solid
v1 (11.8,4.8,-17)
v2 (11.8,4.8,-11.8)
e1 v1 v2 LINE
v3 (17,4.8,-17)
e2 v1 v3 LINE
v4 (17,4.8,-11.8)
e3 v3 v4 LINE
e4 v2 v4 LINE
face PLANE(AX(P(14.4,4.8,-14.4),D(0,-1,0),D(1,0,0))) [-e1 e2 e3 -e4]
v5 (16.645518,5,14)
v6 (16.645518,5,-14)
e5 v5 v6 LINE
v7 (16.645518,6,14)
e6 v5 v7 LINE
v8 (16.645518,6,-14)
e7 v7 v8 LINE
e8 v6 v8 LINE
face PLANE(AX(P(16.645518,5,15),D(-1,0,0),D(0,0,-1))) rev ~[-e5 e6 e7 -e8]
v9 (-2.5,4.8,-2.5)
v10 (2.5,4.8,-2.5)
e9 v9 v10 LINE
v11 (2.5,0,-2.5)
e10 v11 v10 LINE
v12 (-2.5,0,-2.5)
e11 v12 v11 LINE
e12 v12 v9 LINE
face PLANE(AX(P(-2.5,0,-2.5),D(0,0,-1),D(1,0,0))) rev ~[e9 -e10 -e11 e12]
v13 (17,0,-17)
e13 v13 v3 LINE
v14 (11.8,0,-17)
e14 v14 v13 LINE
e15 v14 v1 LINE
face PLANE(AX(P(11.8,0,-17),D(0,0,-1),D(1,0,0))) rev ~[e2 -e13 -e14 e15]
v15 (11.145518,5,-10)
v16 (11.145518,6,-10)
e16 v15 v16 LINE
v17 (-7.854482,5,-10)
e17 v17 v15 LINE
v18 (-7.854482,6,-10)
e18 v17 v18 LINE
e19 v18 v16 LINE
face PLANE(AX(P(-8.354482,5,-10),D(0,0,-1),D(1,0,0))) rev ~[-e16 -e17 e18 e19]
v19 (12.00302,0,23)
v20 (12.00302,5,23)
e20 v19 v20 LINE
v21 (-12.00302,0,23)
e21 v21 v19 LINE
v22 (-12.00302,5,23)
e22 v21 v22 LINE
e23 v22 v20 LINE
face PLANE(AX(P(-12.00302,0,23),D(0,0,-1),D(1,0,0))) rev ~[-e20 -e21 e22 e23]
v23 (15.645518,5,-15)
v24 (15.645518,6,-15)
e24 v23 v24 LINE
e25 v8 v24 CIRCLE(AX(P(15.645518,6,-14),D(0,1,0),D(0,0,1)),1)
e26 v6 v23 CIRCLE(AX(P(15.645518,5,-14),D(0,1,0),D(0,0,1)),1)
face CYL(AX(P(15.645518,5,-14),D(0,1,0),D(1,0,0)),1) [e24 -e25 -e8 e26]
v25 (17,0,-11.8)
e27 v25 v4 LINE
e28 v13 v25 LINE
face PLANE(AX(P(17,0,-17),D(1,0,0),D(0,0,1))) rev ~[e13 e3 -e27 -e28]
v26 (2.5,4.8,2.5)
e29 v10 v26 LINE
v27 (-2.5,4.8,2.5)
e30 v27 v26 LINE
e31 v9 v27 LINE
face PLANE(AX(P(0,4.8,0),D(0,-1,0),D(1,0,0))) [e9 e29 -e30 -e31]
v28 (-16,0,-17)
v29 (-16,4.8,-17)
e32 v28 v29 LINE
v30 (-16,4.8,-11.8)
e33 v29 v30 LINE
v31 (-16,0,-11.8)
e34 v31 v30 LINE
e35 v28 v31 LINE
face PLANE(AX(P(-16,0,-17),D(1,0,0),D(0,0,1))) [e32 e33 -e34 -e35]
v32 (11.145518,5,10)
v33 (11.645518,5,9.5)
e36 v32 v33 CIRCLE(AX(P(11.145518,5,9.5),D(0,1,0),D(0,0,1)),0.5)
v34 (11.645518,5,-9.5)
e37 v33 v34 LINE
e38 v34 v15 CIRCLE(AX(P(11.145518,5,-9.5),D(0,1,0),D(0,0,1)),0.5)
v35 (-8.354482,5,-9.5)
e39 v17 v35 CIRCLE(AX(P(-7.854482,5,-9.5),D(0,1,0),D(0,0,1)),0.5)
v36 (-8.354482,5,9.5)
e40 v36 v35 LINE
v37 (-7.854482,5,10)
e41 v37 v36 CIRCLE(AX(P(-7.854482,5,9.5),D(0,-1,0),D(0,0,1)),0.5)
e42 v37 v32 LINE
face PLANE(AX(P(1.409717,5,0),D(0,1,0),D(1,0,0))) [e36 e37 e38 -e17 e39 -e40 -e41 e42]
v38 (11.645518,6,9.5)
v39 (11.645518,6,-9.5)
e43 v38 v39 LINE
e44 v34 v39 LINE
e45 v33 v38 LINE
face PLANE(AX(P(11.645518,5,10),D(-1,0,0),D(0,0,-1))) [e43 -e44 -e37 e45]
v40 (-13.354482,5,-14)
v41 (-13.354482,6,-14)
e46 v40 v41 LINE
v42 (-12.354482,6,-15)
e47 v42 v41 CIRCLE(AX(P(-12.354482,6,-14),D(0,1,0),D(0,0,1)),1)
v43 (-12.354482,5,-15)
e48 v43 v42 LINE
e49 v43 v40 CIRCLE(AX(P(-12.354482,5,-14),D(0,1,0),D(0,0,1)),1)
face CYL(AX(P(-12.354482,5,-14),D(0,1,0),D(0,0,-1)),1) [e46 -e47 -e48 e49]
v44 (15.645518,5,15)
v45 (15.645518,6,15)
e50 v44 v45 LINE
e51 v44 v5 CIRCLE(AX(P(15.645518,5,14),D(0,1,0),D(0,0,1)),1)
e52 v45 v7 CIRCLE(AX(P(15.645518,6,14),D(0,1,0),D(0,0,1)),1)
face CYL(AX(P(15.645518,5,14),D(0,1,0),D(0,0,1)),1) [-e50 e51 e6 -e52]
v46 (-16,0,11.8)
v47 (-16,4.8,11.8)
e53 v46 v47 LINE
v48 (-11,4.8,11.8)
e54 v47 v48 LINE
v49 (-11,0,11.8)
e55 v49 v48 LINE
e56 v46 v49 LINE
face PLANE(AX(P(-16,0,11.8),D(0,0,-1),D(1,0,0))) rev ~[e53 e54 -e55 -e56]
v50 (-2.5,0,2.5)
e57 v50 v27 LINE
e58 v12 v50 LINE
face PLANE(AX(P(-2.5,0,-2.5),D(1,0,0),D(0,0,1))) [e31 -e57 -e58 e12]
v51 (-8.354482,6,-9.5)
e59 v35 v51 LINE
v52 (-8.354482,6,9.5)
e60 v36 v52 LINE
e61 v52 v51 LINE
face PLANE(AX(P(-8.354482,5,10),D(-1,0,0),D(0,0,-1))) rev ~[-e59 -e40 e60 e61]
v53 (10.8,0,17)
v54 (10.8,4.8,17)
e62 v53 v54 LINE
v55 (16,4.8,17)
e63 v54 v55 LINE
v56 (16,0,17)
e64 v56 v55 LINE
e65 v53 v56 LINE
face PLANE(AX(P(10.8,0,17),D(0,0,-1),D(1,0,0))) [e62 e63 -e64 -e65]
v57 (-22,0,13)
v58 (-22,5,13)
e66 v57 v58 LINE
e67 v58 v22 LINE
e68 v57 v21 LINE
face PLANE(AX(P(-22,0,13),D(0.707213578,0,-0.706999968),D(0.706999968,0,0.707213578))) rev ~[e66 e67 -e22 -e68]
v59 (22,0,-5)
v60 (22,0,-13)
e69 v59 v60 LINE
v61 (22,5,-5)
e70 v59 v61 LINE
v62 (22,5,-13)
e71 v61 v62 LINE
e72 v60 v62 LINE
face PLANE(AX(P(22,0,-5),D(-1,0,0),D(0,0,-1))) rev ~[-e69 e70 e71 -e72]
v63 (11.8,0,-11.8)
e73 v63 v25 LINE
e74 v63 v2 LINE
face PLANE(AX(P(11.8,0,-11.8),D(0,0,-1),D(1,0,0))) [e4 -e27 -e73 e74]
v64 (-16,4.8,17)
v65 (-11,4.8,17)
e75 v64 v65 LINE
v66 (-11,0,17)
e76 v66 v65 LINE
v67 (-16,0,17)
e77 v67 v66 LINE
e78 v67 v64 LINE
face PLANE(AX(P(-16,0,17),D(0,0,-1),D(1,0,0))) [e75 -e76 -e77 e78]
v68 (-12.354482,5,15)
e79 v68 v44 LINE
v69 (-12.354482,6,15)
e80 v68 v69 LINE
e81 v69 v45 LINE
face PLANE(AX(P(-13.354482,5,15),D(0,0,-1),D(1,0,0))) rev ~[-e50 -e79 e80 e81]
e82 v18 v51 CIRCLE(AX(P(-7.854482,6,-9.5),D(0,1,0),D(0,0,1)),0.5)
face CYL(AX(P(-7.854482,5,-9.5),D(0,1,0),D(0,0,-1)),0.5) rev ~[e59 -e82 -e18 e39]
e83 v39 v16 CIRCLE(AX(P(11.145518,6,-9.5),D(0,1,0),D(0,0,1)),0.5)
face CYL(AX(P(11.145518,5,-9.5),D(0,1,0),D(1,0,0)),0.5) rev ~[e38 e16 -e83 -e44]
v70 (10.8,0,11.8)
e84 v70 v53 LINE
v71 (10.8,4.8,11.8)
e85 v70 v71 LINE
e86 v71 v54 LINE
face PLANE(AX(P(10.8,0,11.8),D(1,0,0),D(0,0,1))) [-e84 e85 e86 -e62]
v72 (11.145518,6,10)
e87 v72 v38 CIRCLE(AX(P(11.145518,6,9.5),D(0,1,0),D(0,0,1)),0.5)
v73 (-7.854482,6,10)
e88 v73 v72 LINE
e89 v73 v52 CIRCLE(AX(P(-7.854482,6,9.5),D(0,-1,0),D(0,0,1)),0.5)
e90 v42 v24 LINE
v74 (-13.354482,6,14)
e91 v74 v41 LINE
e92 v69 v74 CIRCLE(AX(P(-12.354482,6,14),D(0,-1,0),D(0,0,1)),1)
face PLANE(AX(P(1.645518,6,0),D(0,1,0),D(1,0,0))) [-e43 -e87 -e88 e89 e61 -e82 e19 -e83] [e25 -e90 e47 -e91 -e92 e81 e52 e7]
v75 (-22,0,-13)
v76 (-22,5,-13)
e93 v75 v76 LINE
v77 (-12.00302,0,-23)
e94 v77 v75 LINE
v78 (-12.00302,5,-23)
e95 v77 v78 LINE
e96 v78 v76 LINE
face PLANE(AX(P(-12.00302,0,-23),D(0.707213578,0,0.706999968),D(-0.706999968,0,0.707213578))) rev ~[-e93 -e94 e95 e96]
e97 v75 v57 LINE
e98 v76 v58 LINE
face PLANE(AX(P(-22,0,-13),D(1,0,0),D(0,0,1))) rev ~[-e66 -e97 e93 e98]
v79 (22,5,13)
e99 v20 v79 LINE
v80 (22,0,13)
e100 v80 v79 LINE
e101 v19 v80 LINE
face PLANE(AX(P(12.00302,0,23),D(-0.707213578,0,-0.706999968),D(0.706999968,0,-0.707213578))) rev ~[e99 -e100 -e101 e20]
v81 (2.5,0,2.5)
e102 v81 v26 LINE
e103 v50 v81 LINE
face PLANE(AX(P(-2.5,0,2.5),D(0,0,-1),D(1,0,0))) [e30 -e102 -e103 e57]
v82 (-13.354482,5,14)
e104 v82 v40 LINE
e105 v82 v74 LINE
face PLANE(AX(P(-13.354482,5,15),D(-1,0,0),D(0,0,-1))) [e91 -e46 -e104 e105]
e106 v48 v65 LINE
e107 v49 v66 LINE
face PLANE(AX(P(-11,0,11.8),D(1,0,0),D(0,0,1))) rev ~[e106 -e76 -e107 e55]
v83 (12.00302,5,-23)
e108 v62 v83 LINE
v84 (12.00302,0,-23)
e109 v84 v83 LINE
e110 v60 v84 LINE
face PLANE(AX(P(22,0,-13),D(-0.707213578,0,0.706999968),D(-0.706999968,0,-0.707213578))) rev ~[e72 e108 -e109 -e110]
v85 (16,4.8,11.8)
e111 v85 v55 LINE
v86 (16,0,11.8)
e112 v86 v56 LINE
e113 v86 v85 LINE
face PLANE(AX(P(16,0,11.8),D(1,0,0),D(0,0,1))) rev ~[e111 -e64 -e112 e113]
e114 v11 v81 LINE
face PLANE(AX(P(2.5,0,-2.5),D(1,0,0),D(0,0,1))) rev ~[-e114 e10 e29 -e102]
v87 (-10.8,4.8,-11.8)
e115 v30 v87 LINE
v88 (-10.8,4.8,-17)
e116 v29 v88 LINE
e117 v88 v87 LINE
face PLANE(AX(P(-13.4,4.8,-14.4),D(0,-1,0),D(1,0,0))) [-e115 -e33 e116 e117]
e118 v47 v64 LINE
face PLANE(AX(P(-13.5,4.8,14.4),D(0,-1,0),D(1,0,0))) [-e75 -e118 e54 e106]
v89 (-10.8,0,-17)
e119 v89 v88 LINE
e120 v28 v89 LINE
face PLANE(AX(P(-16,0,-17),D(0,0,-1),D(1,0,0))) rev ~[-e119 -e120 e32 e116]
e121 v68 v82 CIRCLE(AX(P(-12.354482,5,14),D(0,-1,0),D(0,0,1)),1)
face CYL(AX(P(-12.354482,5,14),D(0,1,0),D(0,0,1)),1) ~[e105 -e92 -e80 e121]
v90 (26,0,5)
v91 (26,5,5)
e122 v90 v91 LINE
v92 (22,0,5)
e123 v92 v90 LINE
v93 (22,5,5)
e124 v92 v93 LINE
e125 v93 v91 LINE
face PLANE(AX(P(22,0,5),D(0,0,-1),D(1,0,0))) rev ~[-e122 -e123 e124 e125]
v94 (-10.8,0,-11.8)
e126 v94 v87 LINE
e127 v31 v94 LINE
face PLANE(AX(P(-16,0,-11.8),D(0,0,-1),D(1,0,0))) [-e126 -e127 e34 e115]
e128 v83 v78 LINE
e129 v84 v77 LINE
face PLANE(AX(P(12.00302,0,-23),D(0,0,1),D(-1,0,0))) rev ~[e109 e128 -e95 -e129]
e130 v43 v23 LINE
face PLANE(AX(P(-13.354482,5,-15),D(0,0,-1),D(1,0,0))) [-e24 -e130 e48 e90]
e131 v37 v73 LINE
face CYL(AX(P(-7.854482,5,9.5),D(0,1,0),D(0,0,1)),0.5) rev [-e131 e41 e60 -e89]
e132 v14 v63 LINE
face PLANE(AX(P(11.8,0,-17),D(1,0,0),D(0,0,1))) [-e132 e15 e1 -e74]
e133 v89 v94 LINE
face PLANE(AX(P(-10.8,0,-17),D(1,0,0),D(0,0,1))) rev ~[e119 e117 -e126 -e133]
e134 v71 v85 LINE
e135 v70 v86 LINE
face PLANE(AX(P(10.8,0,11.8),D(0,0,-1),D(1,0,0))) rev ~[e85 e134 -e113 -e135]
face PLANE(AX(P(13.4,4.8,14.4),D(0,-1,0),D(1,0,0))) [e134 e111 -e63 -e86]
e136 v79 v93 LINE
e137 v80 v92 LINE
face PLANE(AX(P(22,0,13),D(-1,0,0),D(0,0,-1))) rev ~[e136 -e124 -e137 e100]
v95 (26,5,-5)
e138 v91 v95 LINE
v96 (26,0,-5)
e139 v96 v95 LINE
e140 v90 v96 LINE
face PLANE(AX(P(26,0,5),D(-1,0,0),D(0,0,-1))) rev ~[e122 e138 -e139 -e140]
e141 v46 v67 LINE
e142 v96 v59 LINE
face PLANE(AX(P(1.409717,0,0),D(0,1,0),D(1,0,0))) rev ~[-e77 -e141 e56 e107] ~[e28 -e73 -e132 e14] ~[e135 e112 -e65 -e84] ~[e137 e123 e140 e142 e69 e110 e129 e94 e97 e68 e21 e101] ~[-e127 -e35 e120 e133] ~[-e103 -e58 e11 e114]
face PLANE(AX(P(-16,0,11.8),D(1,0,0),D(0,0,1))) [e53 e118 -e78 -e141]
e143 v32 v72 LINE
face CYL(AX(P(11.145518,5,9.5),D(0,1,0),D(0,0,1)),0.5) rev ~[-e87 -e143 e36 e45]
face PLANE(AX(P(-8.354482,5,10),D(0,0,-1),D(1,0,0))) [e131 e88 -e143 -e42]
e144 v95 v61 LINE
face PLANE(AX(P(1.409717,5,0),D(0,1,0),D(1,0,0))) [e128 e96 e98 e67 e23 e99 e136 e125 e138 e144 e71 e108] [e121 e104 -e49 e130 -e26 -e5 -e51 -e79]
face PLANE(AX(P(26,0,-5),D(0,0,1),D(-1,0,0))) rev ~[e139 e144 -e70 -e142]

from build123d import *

# Parameters (mm, degrees)
BOSS_EXTRU_1_DEPTH      = 5
ESQUISSE2_W             = 30
ESQUISSE2_H             = 30
ESQUISSE2_W_2           = 20
ESQUISSE2_H_2           = 20
BOSS_EXTRU_2_DEPTH      = 1
ESQUISSE3_W             = 5
ESQUISSE3_H             = 5.2
ESQUISSE3_W_2           = 5.2
ESQUISSE3_H_2           = 5
ENL_V_MAT_EXTRU_1_DEPTH = 4.8
CONG_1_R                = 1
CONG_2_R                = 0.5


with BuildPart() as part:
    # Esquisse1 → Boss.-Extru.1 (new body)
    with BuildSketch(Plane(origin=(0, 0, 0), x_dir=(1, 0, 0), z_dir=(0, 1, 0))):
        Polygon((22, 13), (12.003020456, 23), (-12.003020456, 23), (-22, 13), (-22, -13), (-12.003020456, -23), (12.003020456, -23), (22, -13), (22, -5), (26, -5), (26, 5), (22, 5), align=None)
    extrude(amount=BOSS_EXTRU_1_DEPTH)

    # Esquisse2 → Boss.-Extru.2 (add)
    with BuildSketch(Plane(origin=(0, 5, 0), x_dir=(1, 0, 0), z_dir=(0, 1, 0))):
        with Locations((1.645517895, 0)):
            Rectangle(ESQUISSE2_W, ESQUISSE2_H)
        with Locations((1.645517895, 0)):
            Rectangle(ESQUISSE2_W_2, ESQUISSE2_H_2, mode=Mode.SUBTRACT)
    extrude(amount=BOSS_EXTRU_2_DEPTH)

    # Esquisse3 → Enlèv. mat.-Extru.1 (cut)
    with BuildSketch(Plane.XZ):
        with Locations((-13.5, 14.4)):
            Rectangle(ESQUISSE3_W, ESQUISSE3_H)
        with Locations((-13.4, -14.4)):
            Rectangle(ESQUISSE3_W_2, ESQUISSE3_H)
        with Locations((14.4, -14.4)):
            Rectangle(ESQUISSE3_W_2, ESQUISSE3_H)
        with Locations((13.4, 14.4)):
            Rectangle(ESQUISSE3_W_2, ESQUISSE3_H)
        Rectangle(ESQUISSE3_W, ESQUISSE3_H_2)
    extrude(amount=-ENL_V_MAT_EXTRU_1_DEPTH, mode=Mode.SUBTRACT)

    # Congé1
    cong_1_edges = [part.edges().sort_by_distance(p)[0] for p in [
        (16.645517895, 5.5, -15),
        (-13.354482105, 5.5, -15),
        (-13.354482105, 5.5, 15),
        (16.645517895, 5.5, 15),
    ]]
    fillet(cong_1_edges, radius=CONG_1_R)

    # Congé2
    cong_2_edges = [part.edges().sort_by_distance(p)[0] for p in [
        (-8.354482105, 5.5, -10),
        (-8.354482105, 5.5, 10),
        (11.645517895, 5.5, 10),
        (11.645517895, 5.5, -10),
    ]]
    fillet(cong_2_edges, radius=CONG_2_R)


solid = part.part
